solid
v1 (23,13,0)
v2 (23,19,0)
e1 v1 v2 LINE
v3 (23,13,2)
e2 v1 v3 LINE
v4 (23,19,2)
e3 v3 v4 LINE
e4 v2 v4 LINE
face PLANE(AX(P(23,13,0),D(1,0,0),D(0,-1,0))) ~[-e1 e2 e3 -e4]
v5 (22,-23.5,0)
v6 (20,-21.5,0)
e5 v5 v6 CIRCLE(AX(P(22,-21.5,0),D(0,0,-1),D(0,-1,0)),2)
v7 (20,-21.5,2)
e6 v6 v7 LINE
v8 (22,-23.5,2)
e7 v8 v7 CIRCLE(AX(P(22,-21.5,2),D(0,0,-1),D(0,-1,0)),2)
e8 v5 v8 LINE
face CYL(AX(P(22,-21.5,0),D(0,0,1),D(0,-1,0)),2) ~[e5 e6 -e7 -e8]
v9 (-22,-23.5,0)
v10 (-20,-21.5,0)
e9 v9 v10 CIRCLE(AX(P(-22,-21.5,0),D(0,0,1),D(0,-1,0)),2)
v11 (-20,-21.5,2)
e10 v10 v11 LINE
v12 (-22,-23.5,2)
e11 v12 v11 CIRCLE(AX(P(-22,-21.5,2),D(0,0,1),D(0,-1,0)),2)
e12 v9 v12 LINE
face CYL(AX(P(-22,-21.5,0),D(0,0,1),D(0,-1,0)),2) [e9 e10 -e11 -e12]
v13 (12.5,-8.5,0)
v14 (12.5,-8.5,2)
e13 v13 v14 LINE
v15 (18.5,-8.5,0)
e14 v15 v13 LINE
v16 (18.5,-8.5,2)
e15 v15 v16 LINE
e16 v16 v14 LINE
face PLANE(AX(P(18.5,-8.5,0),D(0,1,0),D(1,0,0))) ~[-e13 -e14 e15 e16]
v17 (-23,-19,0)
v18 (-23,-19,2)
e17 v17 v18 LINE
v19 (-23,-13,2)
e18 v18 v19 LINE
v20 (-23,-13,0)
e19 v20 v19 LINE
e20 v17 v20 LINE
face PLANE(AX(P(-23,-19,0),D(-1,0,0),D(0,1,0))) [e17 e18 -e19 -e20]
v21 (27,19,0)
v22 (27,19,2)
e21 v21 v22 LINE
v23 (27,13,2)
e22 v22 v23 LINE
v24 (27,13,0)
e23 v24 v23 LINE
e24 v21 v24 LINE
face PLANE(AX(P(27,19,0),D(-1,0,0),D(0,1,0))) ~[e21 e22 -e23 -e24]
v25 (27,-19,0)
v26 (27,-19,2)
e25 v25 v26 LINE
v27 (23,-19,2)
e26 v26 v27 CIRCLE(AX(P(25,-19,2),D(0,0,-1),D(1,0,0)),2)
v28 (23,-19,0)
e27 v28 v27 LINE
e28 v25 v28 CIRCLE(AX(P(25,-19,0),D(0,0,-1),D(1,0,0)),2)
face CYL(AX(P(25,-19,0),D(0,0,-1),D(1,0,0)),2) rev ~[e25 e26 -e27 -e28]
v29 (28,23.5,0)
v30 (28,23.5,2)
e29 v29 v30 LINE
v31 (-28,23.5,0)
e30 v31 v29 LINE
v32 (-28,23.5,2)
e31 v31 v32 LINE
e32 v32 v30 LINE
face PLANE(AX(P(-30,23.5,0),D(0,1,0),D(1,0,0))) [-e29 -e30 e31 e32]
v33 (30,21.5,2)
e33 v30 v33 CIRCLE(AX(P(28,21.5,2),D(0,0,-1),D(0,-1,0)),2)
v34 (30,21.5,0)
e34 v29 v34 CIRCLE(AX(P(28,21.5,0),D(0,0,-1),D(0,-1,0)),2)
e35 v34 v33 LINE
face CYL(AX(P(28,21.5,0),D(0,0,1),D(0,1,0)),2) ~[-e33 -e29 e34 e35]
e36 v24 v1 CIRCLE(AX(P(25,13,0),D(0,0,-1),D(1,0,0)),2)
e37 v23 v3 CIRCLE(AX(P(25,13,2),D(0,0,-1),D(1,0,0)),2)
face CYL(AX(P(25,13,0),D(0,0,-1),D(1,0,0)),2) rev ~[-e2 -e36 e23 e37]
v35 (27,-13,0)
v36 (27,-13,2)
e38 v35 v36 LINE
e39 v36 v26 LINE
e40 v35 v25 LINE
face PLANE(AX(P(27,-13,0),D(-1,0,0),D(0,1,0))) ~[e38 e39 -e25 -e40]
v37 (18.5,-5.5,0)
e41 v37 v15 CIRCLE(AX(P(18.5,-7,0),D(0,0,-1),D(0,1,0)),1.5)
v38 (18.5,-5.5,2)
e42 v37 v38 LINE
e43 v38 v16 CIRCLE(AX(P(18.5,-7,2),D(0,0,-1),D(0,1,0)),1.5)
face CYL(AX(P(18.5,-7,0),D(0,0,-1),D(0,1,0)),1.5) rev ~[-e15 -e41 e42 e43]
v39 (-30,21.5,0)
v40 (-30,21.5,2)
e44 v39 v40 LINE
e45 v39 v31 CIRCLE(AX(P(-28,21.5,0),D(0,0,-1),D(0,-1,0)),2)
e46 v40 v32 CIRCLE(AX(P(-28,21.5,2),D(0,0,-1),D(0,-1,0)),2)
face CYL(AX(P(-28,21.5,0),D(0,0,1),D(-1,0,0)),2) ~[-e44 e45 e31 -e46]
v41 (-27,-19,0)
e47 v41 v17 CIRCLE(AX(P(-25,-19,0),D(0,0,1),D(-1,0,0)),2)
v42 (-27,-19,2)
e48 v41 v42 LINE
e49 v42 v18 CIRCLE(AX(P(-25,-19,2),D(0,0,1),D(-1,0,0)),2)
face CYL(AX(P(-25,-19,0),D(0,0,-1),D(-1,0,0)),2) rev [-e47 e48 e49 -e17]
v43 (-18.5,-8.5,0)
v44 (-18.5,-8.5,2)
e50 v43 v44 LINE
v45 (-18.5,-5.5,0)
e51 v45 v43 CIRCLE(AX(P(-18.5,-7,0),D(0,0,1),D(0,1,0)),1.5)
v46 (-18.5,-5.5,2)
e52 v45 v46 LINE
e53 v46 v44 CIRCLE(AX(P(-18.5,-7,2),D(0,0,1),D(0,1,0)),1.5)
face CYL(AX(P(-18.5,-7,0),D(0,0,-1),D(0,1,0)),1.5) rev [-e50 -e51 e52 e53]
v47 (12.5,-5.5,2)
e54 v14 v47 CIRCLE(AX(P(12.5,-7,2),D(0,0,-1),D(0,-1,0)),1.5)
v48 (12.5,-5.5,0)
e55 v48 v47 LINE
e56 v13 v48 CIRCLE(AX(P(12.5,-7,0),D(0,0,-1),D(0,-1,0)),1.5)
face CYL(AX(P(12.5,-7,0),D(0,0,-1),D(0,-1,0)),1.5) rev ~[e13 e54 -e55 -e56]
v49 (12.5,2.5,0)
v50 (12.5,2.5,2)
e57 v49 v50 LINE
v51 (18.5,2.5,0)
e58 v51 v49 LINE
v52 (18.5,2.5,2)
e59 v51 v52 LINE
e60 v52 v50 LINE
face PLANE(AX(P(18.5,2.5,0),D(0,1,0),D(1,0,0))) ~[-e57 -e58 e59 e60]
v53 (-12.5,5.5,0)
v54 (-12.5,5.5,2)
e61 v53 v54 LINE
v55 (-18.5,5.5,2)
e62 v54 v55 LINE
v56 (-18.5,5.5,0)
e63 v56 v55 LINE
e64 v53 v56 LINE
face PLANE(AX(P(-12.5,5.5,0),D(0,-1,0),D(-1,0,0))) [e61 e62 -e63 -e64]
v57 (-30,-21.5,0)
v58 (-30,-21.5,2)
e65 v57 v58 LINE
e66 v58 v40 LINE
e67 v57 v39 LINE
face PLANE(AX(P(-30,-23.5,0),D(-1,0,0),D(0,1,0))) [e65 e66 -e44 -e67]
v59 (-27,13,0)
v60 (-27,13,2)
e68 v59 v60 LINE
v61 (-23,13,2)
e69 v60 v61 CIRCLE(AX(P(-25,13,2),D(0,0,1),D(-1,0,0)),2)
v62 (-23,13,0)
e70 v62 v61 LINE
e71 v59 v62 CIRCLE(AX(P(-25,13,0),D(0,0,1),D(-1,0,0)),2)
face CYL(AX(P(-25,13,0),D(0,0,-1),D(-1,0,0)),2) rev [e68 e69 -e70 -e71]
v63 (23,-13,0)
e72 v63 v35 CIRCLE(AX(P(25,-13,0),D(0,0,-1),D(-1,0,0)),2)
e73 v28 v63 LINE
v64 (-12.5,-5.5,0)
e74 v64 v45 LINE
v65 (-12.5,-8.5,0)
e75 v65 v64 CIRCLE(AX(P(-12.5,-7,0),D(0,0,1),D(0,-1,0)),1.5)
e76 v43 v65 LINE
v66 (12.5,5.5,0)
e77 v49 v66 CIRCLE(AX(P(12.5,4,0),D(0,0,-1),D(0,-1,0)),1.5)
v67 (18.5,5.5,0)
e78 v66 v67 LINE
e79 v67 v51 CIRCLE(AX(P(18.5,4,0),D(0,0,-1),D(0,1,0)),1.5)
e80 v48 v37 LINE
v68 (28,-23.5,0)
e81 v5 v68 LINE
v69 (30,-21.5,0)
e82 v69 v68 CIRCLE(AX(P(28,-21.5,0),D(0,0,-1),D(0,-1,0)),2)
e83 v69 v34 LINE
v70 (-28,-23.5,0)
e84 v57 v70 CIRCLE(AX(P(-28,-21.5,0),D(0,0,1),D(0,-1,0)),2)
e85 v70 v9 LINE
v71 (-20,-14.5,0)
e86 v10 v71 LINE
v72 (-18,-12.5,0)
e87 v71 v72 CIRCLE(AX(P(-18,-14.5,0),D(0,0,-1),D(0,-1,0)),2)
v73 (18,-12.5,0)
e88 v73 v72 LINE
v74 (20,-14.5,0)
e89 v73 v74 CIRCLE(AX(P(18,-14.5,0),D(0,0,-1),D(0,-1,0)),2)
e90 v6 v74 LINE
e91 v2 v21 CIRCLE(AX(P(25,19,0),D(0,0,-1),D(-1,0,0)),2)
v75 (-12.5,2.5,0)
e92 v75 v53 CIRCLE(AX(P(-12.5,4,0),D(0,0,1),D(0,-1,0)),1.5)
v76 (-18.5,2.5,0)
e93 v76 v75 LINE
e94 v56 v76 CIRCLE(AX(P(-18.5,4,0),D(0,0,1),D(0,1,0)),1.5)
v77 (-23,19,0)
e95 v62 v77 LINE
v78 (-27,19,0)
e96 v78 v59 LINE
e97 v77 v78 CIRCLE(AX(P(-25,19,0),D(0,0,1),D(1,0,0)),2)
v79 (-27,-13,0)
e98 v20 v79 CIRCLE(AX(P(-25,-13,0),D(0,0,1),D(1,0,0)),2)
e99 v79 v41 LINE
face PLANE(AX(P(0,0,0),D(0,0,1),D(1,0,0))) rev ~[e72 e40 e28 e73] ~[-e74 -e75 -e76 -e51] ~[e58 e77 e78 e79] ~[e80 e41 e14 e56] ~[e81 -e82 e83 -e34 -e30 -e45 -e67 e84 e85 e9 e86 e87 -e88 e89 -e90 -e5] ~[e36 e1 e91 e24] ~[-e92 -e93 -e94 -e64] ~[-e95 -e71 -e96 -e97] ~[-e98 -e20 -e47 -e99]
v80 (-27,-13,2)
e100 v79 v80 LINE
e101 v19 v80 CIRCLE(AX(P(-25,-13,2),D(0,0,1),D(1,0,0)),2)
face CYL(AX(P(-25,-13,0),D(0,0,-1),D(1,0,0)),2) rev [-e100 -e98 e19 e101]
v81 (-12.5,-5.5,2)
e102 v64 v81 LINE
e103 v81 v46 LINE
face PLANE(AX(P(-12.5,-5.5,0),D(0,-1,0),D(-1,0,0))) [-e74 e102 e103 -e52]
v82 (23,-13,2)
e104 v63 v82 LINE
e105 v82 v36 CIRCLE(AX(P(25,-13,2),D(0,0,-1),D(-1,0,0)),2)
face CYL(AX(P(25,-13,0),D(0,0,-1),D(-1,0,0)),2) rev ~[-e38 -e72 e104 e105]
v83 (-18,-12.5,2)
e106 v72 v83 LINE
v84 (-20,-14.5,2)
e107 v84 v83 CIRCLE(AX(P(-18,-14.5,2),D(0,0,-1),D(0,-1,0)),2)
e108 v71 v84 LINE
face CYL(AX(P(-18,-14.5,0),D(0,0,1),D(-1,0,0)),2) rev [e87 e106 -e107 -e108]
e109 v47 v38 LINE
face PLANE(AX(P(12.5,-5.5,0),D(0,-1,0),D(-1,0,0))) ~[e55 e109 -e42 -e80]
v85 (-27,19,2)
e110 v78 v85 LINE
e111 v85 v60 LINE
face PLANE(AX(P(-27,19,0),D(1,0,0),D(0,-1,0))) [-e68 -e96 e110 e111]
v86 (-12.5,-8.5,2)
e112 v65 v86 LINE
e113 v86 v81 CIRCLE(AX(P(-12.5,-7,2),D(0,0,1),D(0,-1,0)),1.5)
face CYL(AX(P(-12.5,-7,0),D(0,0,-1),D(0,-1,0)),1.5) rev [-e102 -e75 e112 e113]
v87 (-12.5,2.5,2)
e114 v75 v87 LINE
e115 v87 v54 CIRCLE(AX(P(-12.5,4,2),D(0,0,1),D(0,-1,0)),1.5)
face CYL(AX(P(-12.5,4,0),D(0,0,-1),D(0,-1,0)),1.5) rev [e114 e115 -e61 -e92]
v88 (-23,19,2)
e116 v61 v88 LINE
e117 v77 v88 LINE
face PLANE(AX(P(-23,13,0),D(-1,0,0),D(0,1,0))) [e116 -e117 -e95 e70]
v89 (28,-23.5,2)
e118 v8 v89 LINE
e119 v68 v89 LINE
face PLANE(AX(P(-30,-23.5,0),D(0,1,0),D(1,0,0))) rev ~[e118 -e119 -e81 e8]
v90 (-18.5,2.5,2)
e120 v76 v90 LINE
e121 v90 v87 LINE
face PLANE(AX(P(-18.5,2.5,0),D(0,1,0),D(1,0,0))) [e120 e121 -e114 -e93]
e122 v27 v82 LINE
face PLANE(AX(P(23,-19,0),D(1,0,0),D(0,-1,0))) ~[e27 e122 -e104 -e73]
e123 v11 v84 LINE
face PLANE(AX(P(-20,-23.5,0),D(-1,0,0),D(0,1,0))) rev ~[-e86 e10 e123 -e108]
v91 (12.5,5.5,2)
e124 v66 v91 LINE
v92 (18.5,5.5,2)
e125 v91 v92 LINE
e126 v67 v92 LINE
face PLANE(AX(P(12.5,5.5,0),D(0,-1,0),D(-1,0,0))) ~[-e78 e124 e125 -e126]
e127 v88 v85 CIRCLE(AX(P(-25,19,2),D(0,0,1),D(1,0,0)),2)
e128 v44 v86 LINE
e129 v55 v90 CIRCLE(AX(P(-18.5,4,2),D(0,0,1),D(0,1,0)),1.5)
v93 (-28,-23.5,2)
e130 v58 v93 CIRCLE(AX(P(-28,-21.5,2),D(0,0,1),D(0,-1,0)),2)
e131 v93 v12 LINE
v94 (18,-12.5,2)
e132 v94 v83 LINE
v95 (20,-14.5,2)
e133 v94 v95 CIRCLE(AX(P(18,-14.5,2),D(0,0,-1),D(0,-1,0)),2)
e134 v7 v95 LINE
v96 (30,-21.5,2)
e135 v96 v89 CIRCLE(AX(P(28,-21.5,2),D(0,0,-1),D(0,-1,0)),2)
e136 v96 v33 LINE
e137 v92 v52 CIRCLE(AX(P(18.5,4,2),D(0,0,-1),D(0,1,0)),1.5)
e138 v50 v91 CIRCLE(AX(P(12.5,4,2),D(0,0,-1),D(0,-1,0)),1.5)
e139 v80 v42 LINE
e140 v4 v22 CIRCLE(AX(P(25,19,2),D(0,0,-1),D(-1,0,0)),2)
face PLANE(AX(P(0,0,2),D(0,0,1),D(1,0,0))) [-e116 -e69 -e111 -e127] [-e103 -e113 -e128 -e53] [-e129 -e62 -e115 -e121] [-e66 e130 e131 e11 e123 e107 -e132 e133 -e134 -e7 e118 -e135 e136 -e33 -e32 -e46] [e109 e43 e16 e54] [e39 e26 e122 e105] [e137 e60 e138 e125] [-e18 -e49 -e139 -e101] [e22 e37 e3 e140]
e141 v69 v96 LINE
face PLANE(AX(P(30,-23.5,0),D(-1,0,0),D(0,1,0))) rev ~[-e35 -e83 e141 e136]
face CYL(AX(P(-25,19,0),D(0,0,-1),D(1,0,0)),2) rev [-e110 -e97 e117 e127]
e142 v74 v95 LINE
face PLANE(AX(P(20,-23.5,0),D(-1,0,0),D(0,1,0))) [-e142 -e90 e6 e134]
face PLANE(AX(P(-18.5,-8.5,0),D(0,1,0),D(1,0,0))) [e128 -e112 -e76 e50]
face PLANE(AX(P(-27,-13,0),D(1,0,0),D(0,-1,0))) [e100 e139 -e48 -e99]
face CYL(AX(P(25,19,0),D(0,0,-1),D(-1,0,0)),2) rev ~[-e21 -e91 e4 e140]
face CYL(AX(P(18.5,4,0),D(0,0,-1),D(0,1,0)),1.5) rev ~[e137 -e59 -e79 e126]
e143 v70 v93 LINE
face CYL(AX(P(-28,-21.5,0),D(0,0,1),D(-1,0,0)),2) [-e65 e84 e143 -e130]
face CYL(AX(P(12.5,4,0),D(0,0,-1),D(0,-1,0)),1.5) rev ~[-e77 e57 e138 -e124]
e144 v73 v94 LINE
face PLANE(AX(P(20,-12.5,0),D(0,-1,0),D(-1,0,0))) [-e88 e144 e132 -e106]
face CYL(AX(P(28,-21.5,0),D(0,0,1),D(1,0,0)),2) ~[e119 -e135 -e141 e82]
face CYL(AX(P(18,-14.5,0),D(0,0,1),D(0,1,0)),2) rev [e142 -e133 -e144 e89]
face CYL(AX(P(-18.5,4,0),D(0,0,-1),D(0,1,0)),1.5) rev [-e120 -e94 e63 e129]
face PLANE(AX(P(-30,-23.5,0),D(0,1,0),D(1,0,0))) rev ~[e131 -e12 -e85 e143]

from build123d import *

# Parameters (mm, degrees)
SKETCH1_W           = 60
SKETCH1_H           = 47
BOSS_EXTRUDE1_DEPTH = 2
SKETCH2_W           = 40
SKETCH2_H           = 11
CUT_EXTRUDE1_DEPTH  = 2
CUT_EXTRUDE2_DEPTH  = 2
CUT_EXTRUDE3_DEPTH  = 2
CUT_EXTRUDE4_DEPTH  = 2
CUT_EXTRUDE5_DEPTH  = 2
FILLET1_R           = 2


with BuildPart() as part:
    # Sketch1 → Boss-Extrude1 (new body)
    with BuildSketch(Plane.XY):
        Rectangle(SKETCH1_W, SKETCH1_H)
    extrude(amount=BOSS_EXTRUDE1_DEPTH)

    # Sketch2 → Cut-Extrude1 (cut)
    with BuildSketch(Plane(origin=(0, 0, 0), x_dir=(-1, 0, 0), z_dir=(0, 0, -1))):
        with Locations((0, -18)):
            Rectangle(SKETCH2_W, SKETCH2_H)
    extrude(amount=-CUT_EXTRUDE1_DEPTH, mode=Mode.SUBTRACT)

    # Sketch3 → Cut-Extrude2 (cut)
    with BuildSketch(Plane(origin=(0, 0, 0), x_dir=(-1, 0, 0), z_dir=(0, 0, -1))):
        with BuildLine():
            Line((27, -13), (27, -19))
            ThreePointArc((27, -19), (25, -21), (23, -19))
            Line((23, -19), (23, -13))
            ThreePointArc((23, -13), (25, -11), (27, -13))
        make_face()
    cut_extrude2 = extrude(amount=-CUT_EXTRUDE2_DEPTH, mode=Mode.SUBTRACT)

    # Sketch4 → Cut-Extrude3 (cut)
    with BuildSketch(Plane(origin=(0, 0, 0), x_dir=(-1, 0, 0), z_dir=(0, 0, -1))):
        with BuildLine():
            Line((27, 19), (27, 13))
            ThreePointArc((27, 13), (25, 11), (23, 13))
            Line((23, 13), (23, 19))
            ThreePointArc((23, 19), (25, 21), (27, 19))
        make_face()
    cut_extrude3 = extrude(amount=-CUT_EXTRUDE3_DEPTH, mode=Mode.SUBTRACT)

    # Sketch5 → Cut-Extrude4 (cut)
    with BuildSketch(Plane(origin=(0, 0, 0), x_dir=(-1, 0, 0), z_dir=(0, 0, -1))):
        with BuildLine():
            Line((12.5, -5.5), (18.5, -5.5))
            ThreePointArc((18.5, -5.5), (20, -7), (18.5, -8.5))
            Line((18.5, -8.5), (12.5, -8.5))
            ThreePointArc((12.5, -8.5), (11, -7), (12.5, -5.5))
        make_face()
    cut_extrude4 = extrude(amount=-CUT_EXTRUDE4_DEPTH, mode=Mode.SUBTRACT)

    # Sketch6 → Cut-Extrude5 (cut)
    with BuildSketch(Plane(origin=(0, 0, 0), x_dir=(-1, 0, 0), z_dir=(0, 0, -1))):
        with BuildLine():
            Line((12.5, 5.5), (18.5, 5.5))
            ThreePointArc((18.5, 5.5), (20, 4), (18.5, 2.5))
            Line((18.5, 2.5), (12.5, 2.5))
            ThreePointArc((12.5, 2.5), (11, 4), (12.5, 5.5))
        make_face()
    cut_extrude5 = extrude(amount=-CUT_EXTRUDE5_DEPTH, mode=Mode.SUBTRACT)

    # Mirror1: Cut-Extrude2, Cut-Extrude3, Cut-Extrude4, Cut-Extrude5 across plane
    add(cut_extrude2.mirror(Plane.ZY), mode=Mode.SUBTRACT)
    add(cut_extrude3.mirror(Plane.ZY), mode=Mode.SUBTRACT)
    add(cut_extrude4.mirror(Plane.ZY), mode=Mode.SUBTRACT)
    add(cut_extrude5.mirror(Plane.ZY), mode=Mode.SUBTRACT)

    # Fillet1
    fillet1_edges = [part.edges().sort_by_distance(p)[0] for p in [
        (-20, -12.5, 1),
        (-20, -23.5, 1),
        (20, -23.5, 1),
        (20, -12.5, 1),
        (30, -23.5, 1),
        (-30, -23.5, 1),
        (-30, 23.5, 1),
        (30, 23.5, 1),
    ]]
    fillet(fillet1_edges, radius=FILLET1_R)


solid = part.part
